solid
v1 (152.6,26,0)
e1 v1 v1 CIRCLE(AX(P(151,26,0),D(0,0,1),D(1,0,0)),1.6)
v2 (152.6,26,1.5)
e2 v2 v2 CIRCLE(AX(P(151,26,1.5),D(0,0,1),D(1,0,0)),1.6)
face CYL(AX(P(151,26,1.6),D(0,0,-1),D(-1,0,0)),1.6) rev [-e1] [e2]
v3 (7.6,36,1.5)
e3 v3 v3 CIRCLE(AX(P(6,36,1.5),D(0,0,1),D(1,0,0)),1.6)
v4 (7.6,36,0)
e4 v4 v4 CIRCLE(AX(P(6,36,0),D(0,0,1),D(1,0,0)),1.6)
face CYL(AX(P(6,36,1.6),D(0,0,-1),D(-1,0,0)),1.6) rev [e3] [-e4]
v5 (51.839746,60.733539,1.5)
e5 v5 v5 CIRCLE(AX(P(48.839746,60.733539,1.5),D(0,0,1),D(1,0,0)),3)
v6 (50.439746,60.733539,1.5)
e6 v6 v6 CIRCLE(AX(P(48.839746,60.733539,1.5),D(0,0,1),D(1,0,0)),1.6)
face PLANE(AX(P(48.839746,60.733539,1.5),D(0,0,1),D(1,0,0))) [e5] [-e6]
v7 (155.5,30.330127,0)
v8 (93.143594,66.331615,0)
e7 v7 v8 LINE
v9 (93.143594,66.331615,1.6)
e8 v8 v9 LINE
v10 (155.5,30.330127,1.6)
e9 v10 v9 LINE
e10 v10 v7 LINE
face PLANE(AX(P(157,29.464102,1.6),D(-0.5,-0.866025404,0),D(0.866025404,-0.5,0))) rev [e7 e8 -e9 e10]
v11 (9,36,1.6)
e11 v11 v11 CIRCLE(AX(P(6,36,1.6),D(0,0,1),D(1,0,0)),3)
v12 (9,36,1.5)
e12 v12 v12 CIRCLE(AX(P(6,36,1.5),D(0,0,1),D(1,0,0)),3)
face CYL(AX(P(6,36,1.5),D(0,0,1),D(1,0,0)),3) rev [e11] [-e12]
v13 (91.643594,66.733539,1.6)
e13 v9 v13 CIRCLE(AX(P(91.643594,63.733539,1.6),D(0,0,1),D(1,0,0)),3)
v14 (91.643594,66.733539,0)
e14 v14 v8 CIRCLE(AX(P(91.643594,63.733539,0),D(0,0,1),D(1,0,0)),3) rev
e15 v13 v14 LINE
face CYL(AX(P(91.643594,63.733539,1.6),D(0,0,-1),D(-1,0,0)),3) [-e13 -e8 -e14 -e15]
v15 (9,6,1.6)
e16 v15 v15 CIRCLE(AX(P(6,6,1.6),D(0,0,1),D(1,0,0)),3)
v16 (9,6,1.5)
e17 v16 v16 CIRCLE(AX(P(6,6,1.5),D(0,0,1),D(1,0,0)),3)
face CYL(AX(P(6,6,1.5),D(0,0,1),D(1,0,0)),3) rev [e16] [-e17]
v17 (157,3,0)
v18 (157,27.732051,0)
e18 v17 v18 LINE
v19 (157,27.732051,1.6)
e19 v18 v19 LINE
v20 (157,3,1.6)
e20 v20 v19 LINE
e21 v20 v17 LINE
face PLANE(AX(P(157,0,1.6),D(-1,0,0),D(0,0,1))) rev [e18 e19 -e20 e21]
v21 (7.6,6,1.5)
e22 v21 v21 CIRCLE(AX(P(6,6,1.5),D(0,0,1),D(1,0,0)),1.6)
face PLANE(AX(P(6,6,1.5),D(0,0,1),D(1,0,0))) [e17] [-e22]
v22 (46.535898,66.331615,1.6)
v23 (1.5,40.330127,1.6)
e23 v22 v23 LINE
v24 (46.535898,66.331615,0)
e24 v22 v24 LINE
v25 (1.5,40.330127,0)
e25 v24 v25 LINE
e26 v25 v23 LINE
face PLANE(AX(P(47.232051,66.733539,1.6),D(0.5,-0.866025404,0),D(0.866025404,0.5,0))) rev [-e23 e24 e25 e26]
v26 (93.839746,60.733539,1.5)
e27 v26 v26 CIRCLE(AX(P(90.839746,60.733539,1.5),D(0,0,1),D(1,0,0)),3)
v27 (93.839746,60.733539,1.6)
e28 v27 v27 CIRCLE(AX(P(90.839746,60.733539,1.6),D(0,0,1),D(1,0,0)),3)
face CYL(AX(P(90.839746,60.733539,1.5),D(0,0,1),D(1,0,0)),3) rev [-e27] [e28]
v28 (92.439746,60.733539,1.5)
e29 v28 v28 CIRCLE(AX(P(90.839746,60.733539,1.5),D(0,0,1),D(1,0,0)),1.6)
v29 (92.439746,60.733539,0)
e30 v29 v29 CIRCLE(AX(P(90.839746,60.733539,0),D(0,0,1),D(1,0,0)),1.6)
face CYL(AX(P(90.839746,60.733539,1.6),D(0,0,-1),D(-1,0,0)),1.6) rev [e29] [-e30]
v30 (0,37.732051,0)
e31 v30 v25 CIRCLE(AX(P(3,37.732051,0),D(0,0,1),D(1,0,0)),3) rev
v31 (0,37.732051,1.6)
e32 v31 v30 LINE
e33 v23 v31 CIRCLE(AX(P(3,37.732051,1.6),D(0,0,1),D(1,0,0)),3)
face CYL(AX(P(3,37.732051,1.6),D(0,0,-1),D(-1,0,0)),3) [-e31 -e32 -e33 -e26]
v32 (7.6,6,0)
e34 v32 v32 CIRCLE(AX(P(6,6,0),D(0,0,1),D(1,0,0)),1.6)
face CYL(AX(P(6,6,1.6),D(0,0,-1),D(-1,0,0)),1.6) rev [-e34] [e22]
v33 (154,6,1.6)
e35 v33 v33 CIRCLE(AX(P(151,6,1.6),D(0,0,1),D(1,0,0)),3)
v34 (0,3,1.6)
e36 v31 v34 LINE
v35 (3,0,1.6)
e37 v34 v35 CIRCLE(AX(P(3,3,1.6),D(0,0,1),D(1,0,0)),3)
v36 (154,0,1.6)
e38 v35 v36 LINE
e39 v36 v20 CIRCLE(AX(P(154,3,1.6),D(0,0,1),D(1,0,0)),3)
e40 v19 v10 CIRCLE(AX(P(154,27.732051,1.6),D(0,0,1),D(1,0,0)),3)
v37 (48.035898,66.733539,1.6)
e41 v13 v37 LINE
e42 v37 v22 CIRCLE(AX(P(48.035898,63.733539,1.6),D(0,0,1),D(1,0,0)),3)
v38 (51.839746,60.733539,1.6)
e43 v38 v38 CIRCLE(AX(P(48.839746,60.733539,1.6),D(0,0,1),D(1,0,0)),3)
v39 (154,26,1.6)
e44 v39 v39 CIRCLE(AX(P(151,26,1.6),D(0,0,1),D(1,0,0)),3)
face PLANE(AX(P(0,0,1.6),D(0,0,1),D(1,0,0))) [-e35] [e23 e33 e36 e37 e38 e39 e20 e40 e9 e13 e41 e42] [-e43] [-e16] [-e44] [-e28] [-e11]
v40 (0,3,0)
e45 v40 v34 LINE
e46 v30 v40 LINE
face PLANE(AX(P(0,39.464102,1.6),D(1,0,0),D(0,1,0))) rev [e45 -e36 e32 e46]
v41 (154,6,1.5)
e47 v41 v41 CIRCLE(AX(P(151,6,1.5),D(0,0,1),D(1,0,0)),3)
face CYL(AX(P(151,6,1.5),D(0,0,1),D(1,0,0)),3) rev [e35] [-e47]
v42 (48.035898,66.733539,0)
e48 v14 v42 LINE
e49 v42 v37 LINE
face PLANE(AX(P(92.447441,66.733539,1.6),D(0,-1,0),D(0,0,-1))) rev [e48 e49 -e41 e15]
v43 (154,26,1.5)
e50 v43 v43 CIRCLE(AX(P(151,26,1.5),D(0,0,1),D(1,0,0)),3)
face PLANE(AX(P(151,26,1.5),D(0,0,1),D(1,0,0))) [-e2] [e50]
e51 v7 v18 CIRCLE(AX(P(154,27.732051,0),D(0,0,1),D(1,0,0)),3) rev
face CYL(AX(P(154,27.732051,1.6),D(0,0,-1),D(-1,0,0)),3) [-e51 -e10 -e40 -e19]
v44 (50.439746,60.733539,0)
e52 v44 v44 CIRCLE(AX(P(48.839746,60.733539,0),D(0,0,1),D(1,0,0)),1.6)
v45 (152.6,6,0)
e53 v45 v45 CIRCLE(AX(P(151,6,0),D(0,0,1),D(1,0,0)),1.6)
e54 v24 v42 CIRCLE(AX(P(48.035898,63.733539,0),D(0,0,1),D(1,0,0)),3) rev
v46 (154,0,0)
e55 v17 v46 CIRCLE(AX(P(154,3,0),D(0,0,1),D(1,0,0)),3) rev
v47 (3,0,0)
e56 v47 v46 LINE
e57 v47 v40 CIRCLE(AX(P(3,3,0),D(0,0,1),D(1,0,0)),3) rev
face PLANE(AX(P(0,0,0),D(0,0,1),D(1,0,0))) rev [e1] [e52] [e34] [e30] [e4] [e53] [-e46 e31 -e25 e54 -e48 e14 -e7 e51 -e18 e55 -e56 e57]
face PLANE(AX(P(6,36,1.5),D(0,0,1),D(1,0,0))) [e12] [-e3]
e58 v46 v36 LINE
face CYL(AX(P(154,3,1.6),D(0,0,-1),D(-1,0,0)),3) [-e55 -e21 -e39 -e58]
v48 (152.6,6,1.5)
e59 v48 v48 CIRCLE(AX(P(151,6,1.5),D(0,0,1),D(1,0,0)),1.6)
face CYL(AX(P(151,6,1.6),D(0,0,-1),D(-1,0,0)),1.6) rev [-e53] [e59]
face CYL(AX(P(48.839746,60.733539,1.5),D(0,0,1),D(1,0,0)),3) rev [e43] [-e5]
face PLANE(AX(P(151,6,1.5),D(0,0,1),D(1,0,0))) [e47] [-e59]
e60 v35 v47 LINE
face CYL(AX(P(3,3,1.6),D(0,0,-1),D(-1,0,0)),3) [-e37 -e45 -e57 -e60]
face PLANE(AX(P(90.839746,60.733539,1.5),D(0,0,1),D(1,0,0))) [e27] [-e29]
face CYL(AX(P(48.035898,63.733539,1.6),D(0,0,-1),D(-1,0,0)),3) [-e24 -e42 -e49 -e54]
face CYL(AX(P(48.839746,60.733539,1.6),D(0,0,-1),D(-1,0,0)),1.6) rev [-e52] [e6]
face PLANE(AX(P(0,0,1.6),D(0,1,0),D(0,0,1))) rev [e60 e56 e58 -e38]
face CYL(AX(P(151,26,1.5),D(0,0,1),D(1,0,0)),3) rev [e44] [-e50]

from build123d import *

# Parameters (mm, degrees)
SKETCH1_R           = 1.6
BOSS_EXTRUDE1_DEPTH = 1.6
FILLET1_R           = 3
SKETCH2_R           = 3
CUT_EXTRUDE1_DEPTH  = 0.1


with BuildPart() as part:
    # Sketch1 → Boss-Extrude1 (new body)
    with BuildSketch(Plane.XY):
        Polygon((0, 0), (157, 0), (157, 29.464101615), (92.447441117, 66.733538863), (47.232050808, 66.733538863), (0, 39.464101615), align=None)
        with Locations((6, 36)):
            Circle(SKETCH1_R, mode=Mode.SUBTRACT)
        with Locations((6, 6)):
            Circle(SKETCH1_R, mode=Mode.SUBTRACT)
        with Locations((151, 6)):
            Circle(SKETCH1_R, mode=Mode.SUBTRACT)
        with Locations((151, 26)):
            Circle(SKETCH1_R, mode=Mode.SUBTRACT)
        with Locations((90.839745962, 60.733538863)):
            Circle(SKETCH1_R, mode=Mode.SUBTRACT)
        with Locations((48.839745962, 60.733538863)):
            Circle(SKETCH1_R, mode=Mode.SUBTRACT)
    extrude(amount=BOSS_EXTRUDE1_DEPTH)

    # Fillet1
    fillet1_edges = [part.edges().sort_by_distance(p)[0] for p in [
        (0, 39.464101615, 0.8),
        (47.232050808, 66.733538863, 0.8),
        (92.447441117, 66.733538863, 0.8),
        (157, 29.464101615, 0.8),
        (157, 0, 0.8),
        (0, 0, 0.8),
    ]]
    fillet(fillet1_edges, radius=FILLET1_R)

    # Sketch2 → Cut-Extrude1 (cut)
    with BuildSketch(Plane.XY.offset(1.6)):
        with Locations((6, 6)):
            Circle(SKETCH2_R)
        with Locations((6, 36)):
            Circle(SKETCH2_R)
        with Locations((48.839745962, 60.733538863)):
            Circle(SKETCH2_R)
        with Locations((90.839745962, 60.733538863)):
            Circle(SKETCH2_R)
        with Locations((151, 26)):
            Circle(SKETCH2_R)
        with Locations((151, 6)):
            Circle(SKETCH2_R)
    extrude(amount=-CUT_EXTRUDE1_DEPTH, mode=Mode.SUBTRACT)


solid = part.part
